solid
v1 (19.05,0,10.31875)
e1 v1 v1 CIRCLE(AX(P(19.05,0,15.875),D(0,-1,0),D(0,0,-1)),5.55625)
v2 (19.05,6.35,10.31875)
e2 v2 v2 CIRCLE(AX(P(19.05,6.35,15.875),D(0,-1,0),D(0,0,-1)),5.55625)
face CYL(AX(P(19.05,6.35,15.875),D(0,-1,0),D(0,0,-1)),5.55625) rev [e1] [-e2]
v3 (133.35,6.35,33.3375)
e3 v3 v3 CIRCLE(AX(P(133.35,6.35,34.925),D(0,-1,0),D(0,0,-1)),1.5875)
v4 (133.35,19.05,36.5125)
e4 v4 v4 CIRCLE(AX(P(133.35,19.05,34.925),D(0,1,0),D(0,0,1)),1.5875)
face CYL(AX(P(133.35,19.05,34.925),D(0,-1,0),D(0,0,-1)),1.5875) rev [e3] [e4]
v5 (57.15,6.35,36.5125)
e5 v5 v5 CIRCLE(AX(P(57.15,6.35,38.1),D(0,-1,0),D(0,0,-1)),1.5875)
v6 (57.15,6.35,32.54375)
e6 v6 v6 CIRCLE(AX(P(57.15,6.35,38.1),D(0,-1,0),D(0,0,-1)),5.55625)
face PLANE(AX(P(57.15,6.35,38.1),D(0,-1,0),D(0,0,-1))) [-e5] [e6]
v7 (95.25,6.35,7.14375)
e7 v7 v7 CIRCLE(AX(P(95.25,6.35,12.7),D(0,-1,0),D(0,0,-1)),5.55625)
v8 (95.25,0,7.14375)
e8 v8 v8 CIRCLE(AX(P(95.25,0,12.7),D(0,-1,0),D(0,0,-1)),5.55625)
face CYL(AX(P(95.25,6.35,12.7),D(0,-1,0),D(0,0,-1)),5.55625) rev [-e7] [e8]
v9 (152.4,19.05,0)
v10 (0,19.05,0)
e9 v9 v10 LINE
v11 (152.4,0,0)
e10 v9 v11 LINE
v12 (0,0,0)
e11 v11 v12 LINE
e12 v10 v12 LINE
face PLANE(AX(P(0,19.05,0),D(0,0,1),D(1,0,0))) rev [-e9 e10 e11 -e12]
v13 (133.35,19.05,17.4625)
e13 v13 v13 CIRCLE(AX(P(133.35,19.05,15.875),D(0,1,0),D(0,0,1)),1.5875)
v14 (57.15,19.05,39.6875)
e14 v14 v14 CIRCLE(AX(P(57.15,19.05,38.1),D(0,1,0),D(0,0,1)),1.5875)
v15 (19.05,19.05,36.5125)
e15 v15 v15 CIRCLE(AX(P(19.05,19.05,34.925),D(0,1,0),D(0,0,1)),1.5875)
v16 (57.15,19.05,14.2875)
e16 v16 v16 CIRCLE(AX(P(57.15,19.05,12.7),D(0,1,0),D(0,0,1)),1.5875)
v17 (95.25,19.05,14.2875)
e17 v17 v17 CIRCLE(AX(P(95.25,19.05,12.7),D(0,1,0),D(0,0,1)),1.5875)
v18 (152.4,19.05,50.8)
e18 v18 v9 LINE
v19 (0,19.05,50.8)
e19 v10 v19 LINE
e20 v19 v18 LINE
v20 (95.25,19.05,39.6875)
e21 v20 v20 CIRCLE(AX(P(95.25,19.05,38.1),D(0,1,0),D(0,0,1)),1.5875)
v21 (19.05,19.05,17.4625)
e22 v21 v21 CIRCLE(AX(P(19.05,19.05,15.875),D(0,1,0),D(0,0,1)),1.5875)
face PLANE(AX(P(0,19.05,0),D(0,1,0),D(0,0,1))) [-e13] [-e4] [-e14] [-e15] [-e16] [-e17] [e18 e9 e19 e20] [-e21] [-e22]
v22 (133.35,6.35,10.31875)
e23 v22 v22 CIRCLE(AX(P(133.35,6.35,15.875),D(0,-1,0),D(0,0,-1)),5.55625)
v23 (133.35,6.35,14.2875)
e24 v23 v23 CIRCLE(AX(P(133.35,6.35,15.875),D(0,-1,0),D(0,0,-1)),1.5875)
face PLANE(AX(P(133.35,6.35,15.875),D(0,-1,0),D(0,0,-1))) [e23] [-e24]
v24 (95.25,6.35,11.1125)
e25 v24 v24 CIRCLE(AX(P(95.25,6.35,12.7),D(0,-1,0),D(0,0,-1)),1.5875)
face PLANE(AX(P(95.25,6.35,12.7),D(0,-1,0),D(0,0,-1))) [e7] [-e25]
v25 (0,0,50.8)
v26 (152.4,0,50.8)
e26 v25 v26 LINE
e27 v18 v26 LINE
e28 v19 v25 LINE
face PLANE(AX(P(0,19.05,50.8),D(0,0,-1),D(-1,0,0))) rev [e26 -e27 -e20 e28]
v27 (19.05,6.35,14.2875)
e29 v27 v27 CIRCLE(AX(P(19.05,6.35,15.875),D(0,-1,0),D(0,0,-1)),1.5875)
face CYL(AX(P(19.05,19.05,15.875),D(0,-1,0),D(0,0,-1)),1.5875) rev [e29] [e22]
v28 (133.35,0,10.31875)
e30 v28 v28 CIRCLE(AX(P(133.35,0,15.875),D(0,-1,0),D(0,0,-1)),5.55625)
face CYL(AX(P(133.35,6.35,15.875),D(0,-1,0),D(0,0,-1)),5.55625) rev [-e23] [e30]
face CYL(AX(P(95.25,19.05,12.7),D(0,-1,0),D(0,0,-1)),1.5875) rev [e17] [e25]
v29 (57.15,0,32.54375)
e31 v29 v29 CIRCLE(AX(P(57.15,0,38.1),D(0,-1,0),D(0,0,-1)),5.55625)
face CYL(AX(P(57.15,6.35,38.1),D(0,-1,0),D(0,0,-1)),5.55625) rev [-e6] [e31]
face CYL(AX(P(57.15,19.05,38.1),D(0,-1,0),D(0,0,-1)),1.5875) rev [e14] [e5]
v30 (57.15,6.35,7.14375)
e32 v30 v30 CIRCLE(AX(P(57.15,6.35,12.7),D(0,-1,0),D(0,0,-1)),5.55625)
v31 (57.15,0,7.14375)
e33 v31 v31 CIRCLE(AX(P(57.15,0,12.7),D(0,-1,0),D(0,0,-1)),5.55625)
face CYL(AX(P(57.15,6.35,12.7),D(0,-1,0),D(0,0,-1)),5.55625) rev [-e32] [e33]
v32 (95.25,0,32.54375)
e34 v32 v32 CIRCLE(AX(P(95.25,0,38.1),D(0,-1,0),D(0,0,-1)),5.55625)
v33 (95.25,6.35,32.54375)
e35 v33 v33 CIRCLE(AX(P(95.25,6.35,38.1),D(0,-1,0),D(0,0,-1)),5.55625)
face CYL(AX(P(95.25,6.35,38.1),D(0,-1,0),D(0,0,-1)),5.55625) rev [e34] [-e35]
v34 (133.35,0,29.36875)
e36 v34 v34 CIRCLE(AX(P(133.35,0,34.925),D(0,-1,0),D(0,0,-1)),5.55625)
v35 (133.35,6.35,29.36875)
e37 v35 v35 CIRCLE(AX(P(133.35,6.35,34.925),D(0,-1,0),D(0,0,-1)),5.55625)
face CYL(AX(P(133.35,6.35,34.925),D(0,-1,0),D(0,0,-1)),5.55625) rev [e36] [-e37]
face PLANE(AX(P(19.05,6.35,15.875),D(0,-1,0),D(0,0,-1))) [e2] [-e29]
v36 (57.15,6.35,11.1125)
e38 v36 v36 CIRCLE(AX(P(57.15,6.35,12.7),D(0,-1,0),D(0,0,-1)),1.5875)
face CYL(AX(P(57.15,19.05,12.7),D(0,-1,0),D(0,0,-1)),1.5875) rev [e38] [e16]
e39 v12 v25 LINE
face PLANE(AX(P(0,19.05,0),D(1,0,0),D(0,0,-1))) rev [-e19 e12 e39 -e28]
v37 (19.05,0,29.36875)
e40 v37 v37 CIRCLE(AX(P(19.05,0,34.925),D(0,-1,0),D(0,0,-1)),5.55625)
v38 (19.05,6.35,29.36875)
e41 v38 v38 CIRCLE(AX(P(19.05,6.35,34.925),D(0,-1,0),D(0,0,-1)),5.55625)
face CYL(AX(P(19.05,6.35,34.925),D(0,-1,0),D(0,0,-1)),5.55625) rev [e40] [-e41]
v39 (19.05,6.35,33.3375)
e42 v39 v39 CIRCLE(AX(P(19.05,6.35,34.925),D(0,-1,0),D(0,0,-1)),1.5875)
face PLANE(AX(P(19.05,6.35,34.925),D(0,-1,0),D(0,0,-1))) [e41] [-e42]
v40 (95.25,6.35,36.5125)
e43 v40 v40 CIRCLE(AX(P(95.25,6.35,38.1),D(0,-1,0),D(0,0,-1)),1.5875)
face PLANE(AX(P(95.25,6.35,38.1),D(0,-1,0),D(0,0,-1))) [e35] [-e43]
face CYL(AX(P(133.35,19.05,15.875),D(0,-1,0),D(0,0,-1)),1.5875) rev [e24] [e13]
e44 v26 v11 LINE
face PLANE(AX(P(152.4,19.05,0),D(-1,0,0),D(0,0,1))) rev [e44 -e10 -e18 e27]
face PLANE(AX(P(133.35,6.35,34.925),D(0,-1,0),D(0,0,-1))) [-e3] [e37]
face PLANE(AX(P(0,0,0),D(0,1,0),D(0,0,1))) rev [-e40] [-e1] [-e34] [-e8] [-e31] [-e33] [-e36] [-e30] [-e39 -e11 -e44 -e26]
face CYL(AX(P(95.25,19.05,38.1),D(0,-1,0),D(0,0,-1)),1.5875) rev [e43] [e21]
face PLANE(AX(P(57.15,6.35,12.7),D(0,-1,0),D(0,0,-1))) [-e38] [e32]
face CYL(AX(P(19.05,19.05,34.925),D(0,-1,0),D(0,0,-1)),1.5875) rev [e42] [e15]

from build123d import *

# Parameters (mm, degrees)
SKETCH1_W           = 152.4
SKETCH1_H           = 50.8
SKETCH1_R           = 1.5875
BOSS_EXTRUDE1_DEPTH = 19.05
SKETCH2_R           = 5.55625
CUT_EXTRUDE1_DEPTH  = 6.35


with BuildPart() as part:
    # Sketch1 → Boss-Extrude1 (new body)
    with BuildSketch(Plane(origin=(0, 0, 0), x_dir=(1, 0, 0), z_dir=(0, 1, 0))):
        with Locations((76.2, -25.4)):
            Rectangle(SKETCH1_W, SKETCH1_H)
        with Locations(Location((57.15, -12.7, 0), (0, 0, 270))):  # turned: the seam where the file's is
            Circle(SKETCH1_R, mode=Mode.SUBTRACT)
        with Locations(Location((57.15, -38.1, 0), (0, 0, 270))):  # turned: the seam where the file's is
            Circle(SKETCH1_R, mode=Mode.SUBTRACT)
        with Locations(Location((95.25, -12.7, 0), (0, 0, 270))):  # turned: the seam where the file's is
            Circle(SKETCH1_R, mode=Mode.SUBTRACT)
        with Locations(Location((95.25, -38.1, 0), (0, 0, 270))):  # turned: the seam where the file's is
            Circle(SKETCH1_R, mode=Mode.SUBTRACT)
        with Locations(Location((19.05, -15.875, 0), (0, 0, 270))):  # turned: the seam where the file's is
            Circle(SKETCH1_R, mode=Mode.SUBTRACT)
        with Locations(Location((19.05, -34.925, 0), (0, 0, 270))):  # turned: the seam where the file's is
            Circle(SKETCH1_R, mode=Mode.SUBTRACT)
        with Locations(Location((133.35, -15.875, 0), (0, 0, 270))):  # turned: the seam where the file's is
            Circle(SKETCH1_R, mode=Mode.SUBTRACT)
        with Locations(Location((133.35, -34.925, 0), (0, 0, 270))):  # turned: the seam where the file's is
            Circle(SKETCH1_R, mode=Mode.SUBTRACT)
    extrude(amount=BOSS_EXTRUDE1_DEPTH)

    # Sketch2 → Cut-Extrude1 (cut)
    with BuildSketch(Plane(origin=(0, 0, 0), x_dir=(-1, 0, 0), z_dir=(0, -1, 0))):
        with Locations(Location((-19.05, -34.925, 0), (0, 0, 90))):  # turned: the seam where the file's is
            Circle(SKETCH2_R)
        with Locations(Location((-19.05, -15.875, 0), (0, 0, 90))):  # turned: the seam where the file's is
            Circle(SKETCH2_R)
        with Locations(Location((-57.15, -38.1, 0), (0, 0, 90))):  # turned: the seam where the file's is
            Circle(SKETCH2_R)
        with Locations(Location((-57.15, -12.7, 0), (0, 0, 90))):  # turned: the seam where the file's is
            Circle(SKETCH2_R)
        with Locations(Location((-95.25, -38.1, 0), (0, 0, 90))):  # turned: the seam where the file's is
            Circle(SKETCH2_R)
        with Locations(Location((-95.25, -12.7, 0), (0, 0, 90))):  # turned: the seam where the file's is
            Circle(SKETCH2_R)
        with Locations(Location((-133.35, -15.875, 0), (0, 0, 90))):  # turned: the seam where the file's is
            Circle(SKETCH2_R)
        with Locations(Location((-133.35, -34.925, 0), (0, 0, 90))):  # turned: the seam where the file's is
            Circle(SKETCH2_R)
    extrude(amount=-CUT_EXTRUDE1_DEPTH, mode=Mode.SUBTRACT)


solid = part.part
